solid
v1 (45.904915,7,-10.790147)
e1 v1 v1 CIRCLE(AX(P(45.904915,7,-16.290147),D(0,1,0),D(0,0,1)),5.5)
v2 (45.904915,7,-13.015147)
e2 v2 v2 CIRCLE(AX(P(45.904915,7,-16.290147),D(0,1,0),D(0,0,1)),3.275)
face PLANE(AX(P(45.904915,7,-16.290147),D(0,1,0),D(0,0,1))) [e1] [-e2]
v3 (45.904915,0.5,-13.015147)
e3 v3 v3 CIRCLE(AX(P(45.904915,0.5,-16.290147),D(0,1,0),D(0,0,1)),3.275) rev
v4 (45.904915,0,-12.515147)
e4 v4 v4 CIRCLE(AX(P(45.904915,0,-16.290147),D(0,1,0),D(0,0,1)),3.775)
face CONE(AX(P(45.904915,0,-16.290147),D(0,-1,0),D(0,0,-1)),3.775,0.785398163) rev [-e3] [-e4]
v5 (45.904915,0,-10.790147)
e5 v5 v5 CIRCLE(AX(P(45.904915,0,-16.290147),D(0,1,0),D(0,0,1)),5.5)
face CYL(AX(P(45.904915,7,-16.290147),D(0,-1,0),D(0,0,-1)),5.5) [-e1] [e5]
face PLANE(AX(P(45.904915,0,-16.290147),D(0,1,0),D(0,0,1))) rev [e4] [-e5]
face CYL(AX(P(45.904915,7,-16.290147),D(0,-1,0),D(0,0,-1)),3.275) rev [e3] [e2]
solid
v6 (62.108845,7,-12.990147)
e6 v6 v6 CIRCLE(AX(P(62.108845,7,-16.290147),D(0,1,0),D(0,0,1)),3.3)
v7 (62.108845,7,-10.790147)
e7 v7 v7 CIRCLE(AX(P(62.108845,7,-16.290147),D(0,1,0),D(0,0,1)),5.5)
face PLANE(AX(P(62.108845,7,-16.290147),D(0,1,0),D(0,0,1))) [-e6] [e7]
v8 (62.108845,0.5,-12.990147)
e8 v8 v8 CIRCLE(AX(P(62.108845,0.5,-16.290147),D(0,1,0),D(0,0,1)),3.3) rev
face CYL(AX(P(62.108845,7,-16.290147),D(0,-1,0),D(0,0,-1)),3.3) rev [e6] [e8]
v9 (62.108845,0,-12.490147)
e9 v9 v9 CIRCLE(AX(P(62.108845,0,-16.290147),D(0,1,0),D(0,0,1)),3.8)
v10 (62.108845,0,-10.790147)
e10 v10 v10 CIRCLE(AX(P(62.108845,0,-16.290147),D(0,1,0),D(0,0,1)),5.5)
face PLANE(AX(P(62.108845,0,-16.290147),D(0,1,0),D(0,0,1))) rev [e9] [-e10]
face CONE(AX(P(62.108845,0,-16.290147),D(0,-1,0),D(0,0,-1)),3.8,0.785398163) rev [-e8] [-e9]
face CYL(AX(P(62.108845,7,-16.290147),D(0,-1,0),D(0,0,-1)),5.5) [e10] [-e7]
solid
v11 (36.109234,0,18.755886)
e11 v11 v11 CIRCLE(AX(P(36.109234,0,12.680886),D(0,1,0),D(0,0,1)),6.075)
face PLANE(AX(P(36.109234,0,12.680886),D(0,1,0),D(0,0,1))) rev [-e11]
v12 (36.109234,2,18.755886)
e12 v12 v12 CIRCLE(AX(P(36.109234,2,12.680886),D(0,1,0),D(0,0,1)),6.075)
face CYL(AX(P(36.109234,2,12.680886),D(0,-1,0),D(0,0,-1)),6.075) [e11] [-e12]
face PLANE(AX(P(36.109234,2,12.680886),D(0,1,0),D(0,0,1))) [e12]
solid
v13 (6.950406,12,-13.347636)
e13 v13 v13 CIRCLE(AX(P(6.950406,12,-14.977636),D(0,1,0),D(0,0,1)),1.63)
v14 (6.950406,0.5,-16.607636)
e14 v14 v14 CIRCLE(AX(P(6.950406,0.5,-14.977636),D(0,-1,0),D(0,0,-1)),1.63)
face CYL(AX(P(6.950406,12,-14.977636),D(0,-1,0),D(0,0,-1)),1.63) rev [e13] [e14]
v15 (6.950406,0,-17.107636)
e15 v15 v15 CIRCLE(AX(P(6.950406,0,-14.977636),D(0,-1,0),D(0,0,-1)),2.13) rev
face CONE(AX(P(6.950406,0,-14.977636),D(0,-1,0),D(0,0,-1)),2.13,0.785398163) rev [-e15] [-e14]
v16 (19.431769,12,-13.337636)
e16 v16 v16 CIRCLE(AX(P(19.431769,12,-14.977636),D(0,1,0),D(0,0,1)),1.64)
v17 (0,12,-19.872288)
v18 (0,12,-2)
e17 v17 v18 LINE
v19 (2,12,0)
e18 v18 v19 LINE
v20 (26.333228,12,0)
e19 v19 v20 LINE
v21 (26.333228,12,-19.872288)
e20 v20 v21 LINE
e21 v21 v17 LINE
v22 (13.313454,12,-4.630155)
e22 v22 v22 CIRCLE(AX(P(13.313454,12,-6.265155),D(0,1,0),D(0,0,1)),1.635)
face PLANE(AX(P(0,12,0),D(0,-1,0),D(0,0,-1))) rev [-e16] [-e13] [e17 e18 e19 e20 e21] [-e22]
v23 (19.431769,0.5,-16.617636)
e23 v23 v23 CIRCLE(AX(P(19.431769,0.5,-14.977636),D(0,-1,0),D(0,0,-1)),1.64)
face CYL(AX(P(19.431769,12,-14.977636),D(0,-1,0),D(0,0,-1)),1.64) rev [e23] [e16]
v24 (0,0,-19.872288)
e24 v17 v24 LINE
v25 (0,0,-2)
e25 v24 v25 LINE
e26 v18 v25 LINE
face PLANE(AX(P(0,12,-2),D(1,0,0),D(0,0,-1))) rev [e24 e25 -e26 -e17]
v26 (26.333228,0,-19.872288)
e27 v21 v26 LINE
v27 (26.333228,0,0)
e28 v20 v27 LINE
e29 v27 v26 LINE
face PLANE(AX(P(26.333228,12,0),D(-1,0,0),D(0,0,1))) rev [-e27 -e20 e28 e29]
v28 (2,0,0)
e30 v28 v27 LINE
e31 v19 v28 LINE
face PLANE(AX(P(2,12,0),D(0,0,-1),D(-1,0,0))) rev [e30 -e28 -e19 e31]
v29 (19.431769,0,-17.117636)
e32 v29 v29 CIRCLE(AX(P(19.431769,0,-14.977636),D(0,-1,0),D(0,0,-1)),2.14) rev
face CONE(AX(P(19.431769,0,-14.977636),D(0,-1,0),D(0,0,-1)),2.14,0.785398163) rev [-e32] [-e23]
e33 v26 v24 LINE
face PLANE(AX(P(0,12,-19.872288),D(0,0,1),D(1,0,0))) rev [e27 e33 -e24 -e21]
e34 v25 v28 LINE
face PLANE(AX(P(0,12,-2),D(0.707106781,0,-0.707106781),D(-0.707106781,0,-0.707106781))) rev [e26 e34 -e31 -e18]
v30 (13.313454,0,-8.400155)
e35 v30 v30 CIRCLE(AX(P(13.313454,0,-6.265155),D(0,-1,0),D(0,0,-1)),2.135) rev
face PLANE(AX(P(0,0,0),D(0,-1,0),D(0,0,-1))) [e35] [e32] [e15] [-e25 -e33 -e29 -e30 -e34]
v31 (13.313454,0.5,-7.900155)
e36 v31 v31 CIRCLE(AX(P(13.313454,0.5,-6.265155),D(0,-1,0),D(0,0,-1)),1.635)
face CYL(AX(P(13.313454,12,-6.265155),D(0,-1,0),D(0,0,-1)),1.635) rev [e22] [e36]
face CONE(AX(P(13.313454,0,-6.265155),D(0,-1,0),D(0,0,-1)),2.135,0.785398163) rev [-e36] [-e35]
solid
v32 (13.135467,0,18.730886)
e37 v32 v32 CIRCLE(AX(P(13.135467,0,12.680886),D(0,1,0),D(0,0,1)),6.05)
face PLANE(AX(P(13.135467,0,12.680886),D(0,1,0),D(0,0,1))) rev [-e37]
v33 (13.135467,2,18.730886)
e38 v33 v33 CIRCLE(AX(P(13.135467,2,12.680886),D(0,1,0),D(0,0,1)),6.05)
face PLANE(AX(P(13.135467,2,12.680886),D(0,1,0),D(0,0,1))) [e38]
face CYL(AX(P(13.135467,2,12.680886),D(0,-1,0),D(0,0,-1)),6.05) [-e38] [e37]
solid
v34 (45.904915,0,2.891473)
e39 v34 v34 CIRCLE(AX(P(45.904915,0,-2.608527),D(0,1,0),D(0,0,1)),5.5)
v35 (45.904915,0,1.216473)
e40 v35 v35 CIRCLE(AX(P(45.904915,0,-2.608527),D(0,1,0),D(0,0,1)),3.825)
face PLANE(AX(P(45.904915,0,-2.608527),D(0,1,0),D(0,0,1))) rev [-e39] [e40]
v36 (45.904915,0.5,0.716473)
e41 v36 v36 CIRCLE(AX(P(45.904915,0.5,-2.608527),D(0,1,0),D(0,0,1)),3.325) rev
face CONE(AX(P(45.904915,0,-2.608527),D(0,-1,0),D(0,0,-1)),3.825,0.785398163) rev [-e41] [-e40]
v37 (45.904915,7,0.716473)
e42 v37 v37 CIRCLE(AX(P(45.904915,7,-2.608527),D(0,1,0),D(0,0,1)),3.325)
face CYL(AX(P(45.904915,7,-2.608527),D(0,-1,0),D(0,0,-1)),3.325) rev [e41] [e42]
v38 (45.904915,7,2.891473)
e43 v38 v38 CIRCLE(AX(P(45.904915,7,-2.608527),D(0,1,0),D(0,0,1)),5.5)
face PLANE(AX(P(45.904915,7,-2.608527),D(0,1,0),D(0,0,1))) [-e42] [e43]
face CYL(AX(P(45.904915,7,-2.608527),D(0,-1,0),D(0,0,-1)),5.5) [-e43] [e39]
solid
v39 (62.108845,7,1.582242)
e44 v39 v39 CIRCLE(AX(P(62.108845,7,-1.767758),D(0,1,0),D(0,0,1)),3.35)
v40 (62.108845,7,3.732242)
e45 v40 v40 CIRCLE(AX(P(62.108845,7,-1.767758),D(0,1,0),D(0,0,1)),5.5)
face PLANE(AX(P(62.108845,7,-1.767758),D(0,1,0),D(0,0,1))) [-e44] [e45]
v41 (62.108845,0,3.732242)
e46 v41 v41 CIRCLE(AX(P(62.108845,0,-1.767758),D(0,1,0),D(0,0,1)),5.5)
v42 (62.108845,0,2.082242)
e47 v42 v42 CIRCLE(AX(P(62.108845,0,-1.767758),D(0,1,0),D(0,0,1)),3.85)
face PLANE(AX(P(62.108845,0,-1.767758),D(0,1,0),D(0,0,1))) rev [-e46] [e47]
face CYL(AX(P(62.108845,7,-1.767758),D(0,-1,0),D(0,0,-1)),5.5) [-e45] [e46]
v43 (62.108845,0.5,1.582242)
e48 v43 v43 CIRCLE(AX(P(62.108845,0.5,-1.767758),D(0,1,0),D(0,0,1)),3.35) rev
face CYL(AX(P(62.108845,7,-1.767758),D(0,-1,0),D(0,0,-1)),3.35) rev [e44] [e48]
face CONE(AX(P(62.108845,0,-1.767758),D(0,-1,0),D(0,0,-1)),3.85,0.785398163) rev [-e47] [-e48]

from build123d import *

# Parameters (mm, degrees)
SKETCH1_R             = 1.63
SKETCH1_R_2           = 1.635
SKETCH1_R_3           = 1.64
BOSS_EXTRUDE1_DEPTH   = 12
SKETCH2_R             = 5.5
SKETCH2_R_2           = 3.275
BOSS_EXTRUDE2_DEPTH   = 7
SKETCH2_R_3           = 3.3
BOSS_EXTRUDE2_2_DEPTH = 7
SKETCH2_R_4           = 3.325
BOSS_EXTRUDE2_3_DEPTH = 7
SKETCH2_R_5           = 3.35
BOSS_EXTRUDE2_4_DEPTH = 7
SKETCH3_R             = 6.05
BOSS_EXTRUDE3_DEPTH   = 2
SKETCH3_R_2           = 6.075
BOSS_EXTRUDE3_2_DEPTH = 2
CHAMFER1_SIZE         = 0.5
CHAMFER2_SIZE         = 0.5
CHAMFER3_SIZE         = 0.5
CHAMFER4_SIZE         = 0.5
CHAMFER5_SIZE         = 0.5


with BuildPart() as part:
    # Sketch1 → Boss-Extrude1 (new body)
    with BuildSketch(Plane(origin=(0, 0, 0), x_dir=(1, 0, 0), z_dir=(0, 1, 0))):
        Polygon((0, 2), (2, 0), (26.333228461, 0), (26.333228461, 19.872287649), (0, 19.872287649), align=None)
        with Locations(Location((6.950406025, 14.977635519, 0), (0, 0, 270))):
            Circle(SKETCH1_R, mode=Mode.SUBTRACT)
        with Locations(Location((13.313453795, 6.265154727, 0), (0, 0, 270))):
            Circle(SKETCH1_R_2, mode=Mode.SUBTRACT)
        with Locations(Location((19.431768957, 14.977635519, 0), (0, 0, 270))):
            Circle(SKETCH1_R_3, mode=Mode.SUBTRACT)
    extrude(amount=BOSS_EXTRUDE1_DEPTH)

    # Chamfer5
    chamfer5_edges = [part.edges().sort_by_distance(p)[0] for p in [
        (6.950406025, 0, -16.607635519),
        (13.313453795, 0, -7.900154727),
        (19.431768957, 0, -16.617635519),
    ]]
    chamfer(chamfer5_edges, length=CHAMFER5_SIZE)


with BuildPart() as body_2:
    # Sketch2 → Boss-Extrude2 (new body)
    with BuildSketch(Plane(origin=(0, 0, 0), x_dir=(1, 0, 0), z_dir=(0, 1, 0))):
        with Locations(Location((45.904915305, 16.290147447, 0), (0, 0, 270))):
            Circle(SKETCH2_R)
        with Locations(Location((45.904915305, 16.290147447, 0), (0, 0, 270))):
            Circle(SKETCH2_R_2, mode=Mode.SUBTRACT)
    extrude(amount=BOSS_EXTRUDE2_DEPTH)

    # Chamfer4
    chamfer4_edges = [body_2.edges().sort_by_distance(p)[0] for p in [
        (45.904915305, 0, -19.565147447),
    ]]
    chamfer(chamfer4_edges, length=CHAMFER4_SIZE)


with BuildPart() as body_3:
    # Sketch2 → Boss-Extrude2 2 (new body)
    with BuildSketch(Plane(origin=(0, 0, 0), x_dir=(1, 0, 0), z_dir=(0, 1, 0))):
        with Locations(Location((62.108845123, 16.290147447, 0), (0, 0, 270))):
            Circle(SKETCH2_R)
        with Locations(Location((62.108845123, 16.290147447, 0), (0, 0, 270))):
            Circle(SKETCH2_R_3, mode=Mode.SUBTRACT)
    extrude(amount=BOSS_EXTRUDE2_2_DEPTH)

    # Chamfer3
    chamfer3_edges = [body_3.edges().sort_by_distance(p)[0] for p in [
        (62.108845123, 0, -19.590147447),
    ]]
    chamfer(chamfer3_edges, length=CHAMFER3_SIZE)


with BuildPart() as body_4:
    # Sketch2 → Boss-Extrude2 3 (new body)
    with BuildSketch(Plane(origin=(0, 0, 0), x_dir=(1, 0, 0), z_dir=(0, 1, 0))):
        with Locations(Location((45.904915305, 2.60852746, 0), (0, 0, 270))):
            Circle(SKETCH2_R)
        with Locations(Location((45.904915305, 2.60852746, 0), (0, 0, 270))):
            Circle(SKETCH2_R_4, mode=Mode.SUBTRACT)
    extrude(amount=BOSS_EXTRUDE2_3_DEPTH)

    # Chamfer1
    chamfer1_edges = [body_4.edges().sort_by_distance(p)[0] for p in [
        (45.904915305, 0, -5.93352746),
    ]]
    chamfer(chamfer1_edges, length=CHAMFER1_SIZE)


with BuildPart() as body_5:
    # Sketch2 → Boss-Extrude2 4 (new body)
    with BuildSketch(Plane(origin=(0, 0, 0), x_dir=(1, 0, 0), z_dir=(0, 1, 0))):
        with Locations(Location((62.108845123, 1.767757517, 0), (0, 0, 270))):
            Circle(SKETCH2_R)
        with Locations(Location((62.108845123, 1.767757517, 0), (0, 0, 270))):
            Circle(SKETCH2_R_5, mode=Mode.SUBTRACT)
    extrude(amount=BOSS_EXTRUDE2_4_DEPTH)

    # Chamfer2
    chamfer2_edges = [body_5.edges().sort_by_distance(p)[0] for p in [
        (62.108845123, 0, -5.117757517),
    ]]
    chamfer(chamfer2_edges, length=CHAMFER2_SIZE)


with BuildPart() as body_6:
    # Sketch3 → Boss-Extrude3 (new body)
    with BuildSketch(Plane(origin=(0, 0, 0), x_dir=(1, 0, 0), z_dir=(0, 1, 0))):
        with Locations(Location((13.135466649, -12.680886102, 0), (0, 0, 270))):
            Circle(SKETCH3_R)
    extrude(amount=BOSS_EXTRUDE3_DEPTH)


with BuildPart() as body_7:
    # Sketch3 → Boss-Extrude3 2 (new body)
    with BuildSketch(Plane(origin=(0, 0, 0), x_dir=(1, 0, 0), z_dir=(0, 1, 0))):
        with Locations(Location((36.109234192, -12.680886102, 0), (0, 0, 270))):
            Circle(SKETCH3_R_2)
    extrude(amount=BOSS_EXTRUDE3_2_DEPTH)


solid = Compound([part.part, body_2.part, body_3.part, body_4.part, body_5.part, body_6.part, body_7.part])
